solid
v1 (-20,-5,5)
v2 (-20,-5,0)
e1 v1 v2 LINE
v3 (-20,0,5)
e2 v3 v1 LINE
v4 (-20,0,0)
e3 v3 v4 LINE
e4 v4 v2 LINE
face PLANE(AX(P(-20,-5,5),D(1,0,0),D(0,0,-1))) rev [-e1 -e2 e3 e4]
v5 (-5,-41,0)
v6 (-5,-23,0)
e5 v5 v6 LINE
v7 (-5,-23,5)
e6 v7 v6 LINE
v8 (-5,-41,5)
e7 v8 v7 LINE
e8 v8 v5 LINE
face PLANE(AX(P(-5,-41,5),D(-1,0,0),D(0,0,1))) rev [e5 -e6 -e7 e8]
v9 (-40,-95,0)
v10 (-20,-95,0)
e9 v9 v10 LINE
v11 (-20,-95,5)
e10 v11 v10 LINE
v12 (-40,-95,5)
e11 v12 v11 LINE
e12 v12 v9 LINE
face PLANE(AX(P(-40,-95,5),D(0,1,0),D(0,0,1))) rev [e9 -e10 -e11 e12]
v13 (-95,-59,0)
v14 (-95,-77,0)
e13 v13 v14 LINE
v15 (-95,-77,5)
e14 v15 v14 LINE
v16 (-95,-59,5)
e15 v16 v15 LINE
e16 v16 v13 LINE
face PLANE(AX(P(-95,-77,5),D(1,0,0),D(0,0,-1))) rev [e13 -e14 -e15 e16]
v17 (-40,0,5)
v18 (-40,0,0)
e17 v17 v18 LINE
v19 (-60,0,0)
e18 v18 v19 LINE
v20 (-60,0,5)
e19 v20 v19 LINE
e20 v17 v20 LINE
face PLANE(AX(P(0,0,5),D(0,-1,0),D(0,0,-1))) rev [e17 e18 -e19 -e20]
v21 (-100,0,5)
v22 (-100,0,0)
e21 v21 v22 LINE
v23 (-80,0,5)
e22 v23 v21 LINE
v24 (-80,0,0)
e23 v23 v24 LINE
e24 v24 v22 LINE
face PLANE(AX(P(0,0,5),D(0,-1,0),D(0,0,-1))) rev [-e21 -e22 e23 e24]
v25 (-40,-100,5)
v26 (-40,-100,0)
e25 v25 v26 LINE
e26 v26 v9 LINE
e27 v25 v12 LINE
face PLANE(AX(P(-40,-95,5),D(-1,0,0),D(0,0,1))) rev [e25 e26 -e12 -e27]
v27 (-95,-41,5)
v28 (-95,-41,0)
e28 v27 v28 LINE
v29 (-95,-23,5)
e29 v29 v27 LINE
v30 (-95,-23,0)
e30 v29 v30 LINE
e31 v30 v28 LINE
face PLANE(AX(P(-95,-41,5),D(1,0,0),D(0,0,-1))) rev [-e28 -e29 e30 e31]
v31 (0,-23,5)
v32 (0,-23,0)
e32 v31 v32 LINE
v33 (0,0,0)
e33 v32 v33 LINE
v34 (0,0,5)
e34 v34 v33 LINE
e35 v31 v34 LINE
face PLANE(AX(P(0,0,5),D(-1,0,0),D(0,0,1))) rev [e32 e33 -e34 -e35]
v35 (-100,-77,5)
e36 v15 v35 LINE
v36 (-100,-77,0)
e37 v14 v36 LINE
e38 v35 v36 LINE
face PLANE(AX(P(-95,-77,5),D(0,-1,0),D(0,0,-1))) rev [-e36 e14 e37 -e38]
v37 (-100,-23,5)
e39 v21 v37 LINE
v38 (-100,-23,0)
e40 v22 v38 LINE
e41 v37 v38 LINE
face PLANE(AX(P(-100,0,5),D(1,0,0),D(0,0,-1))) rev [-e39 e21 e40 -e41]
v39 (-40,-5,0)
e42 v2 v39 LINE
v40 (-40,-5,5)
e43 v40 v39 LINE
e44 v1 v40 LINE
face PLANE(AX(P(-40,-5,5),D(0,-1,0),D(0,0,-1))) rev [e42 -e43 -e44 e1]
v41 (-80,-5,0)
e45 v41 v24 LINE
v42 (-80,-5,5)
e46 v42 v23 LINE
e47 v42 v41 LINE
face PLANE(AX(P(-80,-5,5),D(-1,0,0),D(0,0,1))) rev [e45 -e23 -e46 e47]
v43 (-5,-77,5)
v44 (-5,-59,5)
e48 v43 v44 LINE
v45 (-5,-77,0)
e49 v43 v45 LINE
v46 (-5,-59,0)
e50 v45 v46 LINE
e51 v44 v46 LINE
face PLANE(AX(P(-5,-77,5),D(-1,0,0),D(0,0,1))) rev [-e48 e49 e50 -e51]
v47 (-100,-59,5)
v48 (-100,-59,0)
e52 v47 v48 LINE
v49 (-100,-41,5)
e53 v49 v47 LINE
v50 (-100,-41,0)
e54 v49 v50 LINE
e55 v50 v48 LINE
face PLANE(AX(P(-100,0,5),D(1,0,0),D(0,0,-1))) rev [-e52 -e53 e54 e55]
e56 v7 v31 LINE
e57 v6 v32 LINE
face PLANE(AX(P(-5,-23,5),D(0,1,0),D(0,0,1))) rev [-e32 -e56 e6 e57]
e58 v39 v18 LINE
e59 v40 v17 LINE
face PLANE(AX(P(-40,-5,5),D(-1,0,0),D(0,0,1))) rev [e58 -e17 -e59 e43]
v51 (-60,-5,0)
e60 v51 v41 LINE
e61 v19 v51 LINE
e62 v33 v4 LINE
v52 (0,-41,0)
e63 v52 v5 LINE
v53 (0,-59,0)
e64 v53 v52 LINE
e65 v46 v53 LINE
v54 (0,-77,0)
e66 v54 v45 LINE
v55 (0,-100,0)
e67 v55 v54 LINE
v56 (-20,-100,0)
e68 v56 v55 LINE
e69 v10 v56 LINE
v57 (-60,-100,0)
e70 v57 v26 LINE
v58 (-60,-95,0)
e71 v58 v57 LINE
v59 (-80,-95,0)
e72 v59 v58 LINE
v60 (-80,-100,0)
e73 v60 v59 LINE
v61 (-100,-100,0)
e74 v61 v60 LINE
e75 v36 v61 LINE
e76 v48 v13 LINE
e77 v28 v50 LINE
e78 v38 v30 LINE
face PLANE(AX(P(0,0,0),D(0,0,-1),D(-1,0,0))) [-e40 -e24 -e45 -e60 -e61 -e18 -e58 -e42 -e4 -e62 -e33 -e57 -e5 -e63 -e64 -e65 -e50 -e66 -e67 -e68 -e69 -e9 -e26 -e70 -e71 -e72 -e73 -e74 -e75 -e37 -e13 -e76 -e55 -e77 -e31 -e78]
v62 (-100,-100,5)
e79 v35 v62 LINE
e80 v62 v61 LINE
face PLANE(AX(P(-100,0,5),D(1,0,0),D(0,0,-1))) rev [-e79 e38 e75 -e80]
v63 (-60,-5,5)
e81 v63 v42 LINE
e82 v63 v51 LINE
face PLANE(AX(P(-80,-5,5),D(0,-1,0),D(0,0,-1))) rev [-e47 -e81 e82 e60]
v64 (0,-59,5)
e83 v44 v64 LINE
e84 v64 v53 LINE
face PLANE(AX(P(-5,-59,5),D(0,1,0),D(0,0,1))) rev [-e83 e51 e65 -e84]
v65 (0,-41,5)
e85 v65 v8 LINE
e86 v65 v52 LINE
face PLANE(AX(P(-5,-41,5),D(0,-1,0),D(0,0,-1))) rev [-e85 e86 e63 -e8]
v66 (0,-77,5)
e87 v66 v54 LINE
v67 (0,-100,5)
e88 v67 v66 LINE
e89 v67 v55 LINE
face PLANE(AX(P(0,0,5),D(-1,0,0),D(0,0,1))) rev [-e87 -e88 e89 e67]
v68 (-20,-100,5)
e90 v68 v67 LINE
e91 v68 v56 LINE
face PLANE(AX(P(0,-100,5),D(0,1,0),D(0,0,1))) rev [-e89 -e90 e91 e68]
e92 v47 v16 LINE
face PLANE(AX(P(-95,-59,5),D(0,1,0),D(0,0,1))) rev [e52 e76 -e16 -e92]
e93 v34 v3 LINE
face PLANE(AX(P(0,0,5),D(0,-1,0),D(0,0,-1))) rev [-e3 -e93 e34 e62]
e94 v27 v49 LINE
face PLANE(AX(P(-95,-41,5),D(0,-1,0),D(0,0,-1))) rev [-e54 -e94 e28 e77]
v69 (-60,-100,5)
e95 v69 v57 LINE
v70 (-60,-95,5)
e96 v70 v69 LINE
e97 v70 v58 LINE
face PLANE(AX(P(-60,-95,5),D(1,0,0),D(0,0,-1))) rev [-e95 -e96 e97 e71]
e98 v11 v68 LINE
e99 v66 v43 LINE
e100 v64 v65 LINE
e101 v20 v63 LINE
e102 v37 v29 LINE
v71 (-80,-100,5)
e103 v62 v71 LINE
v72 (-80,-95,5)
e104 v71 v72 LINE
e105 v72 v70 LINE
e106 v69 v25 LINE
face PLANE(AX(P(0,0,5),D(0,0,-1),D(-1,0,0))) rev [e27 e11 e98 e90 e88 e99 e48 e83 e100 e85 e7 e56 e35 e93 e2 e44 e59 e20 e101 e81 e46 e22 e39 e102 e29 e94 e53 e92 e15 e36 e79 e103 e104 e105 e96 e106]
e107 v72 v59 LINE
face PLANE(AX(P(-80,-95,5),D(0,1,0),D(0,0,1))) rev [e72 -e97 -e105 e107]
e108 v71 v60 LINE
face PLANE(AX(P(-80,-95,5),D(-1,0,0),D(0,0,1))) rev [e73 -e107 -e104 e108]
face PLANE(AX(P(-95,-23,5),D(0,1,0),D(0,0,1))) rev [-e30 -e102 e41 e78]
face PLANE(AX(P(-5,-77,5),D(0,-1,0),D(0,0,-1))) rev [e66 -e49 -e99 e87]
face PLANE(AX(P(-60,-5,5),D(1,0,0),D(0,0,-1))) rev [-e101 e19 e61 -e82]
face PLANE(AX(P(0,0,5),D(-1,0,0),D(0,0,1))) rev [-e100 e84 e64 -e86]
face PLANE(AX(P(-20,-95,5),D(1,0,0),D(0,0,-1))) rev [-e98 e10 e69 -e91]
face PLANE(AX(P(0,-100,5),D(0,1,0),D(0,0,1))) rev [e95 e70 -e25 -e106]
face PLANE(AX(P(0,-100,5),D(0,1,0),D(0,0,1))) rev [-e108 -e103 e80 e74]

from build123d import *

# Parameters (mm, degrees)
ESQUISSE1_W             = 100
ESQUISSE1_H             = 100
BOSS_EXTRU_1_DEPTH      = 5
ESQUISSE2_W             = 20
ESQUISSE2_H             = 5
ESQUISSE2_W_2           = 5
ESQUISSE2_H_2           = 18
ENL_V_MAT_EXTRU_1_DEPTH = 5


with BuildPart() as part:
    # Esquisse1 → Boss.-Extru.1 (new body)
    with BuildSketch(Plane.XY):
        with Locations((-50, -50)):
            Rectangle(ESQUISSE1_W, ESQUISSE1_H)
    extrude(amount=BOSS_EXTRU_1_DEPTH)

    # Esquisse2 → Enlèv. mat.-Extru.1 (cut)
    with BuildSketch(Plane(origin=(0, 0, 0), x_dir=(-1, 0, 0), z_dir=(0, 0, -1))):
        with Locations((70, -97.5)):
            Rectangle(ESQUISSE2_W, ESQUISSE2_H)
        with Locations((30, -97.5)):
            Rectangle(ESQUISSE2_W, ESQUISSE2_H)
        with Locations((30, -2.5)):
            Rectangle(ESQUISSE2_W, ESQUISSE2_H)
        with Locations((70, -2.5)):
            Rectangle(ESQUISSE2_W, ESQUISSE2_H)
        with Locations((97.5, -68)):
            Rectangle(ESQUISSE2_W_2, ESQUISSE2_H_2)
        with Locations((97.5, -32)):
            Rectangle(ESQUISSE2_W_2, ESQUISSE2_H_2)
        with Locations((2.5, -32)):
            Rectangle(ESQUISSE2_W_2, ESQUISSE2_H_2)
        with Locations((2.5, -68)):
            Rectangle(ESQUISSE2_W_2, ESQUISSE2_H_2)
    extrude(amount=-ENL_V_MAT_EXTRU_1_DEPTH, mode=Mode.SUBTRACT)


solid = part.part
